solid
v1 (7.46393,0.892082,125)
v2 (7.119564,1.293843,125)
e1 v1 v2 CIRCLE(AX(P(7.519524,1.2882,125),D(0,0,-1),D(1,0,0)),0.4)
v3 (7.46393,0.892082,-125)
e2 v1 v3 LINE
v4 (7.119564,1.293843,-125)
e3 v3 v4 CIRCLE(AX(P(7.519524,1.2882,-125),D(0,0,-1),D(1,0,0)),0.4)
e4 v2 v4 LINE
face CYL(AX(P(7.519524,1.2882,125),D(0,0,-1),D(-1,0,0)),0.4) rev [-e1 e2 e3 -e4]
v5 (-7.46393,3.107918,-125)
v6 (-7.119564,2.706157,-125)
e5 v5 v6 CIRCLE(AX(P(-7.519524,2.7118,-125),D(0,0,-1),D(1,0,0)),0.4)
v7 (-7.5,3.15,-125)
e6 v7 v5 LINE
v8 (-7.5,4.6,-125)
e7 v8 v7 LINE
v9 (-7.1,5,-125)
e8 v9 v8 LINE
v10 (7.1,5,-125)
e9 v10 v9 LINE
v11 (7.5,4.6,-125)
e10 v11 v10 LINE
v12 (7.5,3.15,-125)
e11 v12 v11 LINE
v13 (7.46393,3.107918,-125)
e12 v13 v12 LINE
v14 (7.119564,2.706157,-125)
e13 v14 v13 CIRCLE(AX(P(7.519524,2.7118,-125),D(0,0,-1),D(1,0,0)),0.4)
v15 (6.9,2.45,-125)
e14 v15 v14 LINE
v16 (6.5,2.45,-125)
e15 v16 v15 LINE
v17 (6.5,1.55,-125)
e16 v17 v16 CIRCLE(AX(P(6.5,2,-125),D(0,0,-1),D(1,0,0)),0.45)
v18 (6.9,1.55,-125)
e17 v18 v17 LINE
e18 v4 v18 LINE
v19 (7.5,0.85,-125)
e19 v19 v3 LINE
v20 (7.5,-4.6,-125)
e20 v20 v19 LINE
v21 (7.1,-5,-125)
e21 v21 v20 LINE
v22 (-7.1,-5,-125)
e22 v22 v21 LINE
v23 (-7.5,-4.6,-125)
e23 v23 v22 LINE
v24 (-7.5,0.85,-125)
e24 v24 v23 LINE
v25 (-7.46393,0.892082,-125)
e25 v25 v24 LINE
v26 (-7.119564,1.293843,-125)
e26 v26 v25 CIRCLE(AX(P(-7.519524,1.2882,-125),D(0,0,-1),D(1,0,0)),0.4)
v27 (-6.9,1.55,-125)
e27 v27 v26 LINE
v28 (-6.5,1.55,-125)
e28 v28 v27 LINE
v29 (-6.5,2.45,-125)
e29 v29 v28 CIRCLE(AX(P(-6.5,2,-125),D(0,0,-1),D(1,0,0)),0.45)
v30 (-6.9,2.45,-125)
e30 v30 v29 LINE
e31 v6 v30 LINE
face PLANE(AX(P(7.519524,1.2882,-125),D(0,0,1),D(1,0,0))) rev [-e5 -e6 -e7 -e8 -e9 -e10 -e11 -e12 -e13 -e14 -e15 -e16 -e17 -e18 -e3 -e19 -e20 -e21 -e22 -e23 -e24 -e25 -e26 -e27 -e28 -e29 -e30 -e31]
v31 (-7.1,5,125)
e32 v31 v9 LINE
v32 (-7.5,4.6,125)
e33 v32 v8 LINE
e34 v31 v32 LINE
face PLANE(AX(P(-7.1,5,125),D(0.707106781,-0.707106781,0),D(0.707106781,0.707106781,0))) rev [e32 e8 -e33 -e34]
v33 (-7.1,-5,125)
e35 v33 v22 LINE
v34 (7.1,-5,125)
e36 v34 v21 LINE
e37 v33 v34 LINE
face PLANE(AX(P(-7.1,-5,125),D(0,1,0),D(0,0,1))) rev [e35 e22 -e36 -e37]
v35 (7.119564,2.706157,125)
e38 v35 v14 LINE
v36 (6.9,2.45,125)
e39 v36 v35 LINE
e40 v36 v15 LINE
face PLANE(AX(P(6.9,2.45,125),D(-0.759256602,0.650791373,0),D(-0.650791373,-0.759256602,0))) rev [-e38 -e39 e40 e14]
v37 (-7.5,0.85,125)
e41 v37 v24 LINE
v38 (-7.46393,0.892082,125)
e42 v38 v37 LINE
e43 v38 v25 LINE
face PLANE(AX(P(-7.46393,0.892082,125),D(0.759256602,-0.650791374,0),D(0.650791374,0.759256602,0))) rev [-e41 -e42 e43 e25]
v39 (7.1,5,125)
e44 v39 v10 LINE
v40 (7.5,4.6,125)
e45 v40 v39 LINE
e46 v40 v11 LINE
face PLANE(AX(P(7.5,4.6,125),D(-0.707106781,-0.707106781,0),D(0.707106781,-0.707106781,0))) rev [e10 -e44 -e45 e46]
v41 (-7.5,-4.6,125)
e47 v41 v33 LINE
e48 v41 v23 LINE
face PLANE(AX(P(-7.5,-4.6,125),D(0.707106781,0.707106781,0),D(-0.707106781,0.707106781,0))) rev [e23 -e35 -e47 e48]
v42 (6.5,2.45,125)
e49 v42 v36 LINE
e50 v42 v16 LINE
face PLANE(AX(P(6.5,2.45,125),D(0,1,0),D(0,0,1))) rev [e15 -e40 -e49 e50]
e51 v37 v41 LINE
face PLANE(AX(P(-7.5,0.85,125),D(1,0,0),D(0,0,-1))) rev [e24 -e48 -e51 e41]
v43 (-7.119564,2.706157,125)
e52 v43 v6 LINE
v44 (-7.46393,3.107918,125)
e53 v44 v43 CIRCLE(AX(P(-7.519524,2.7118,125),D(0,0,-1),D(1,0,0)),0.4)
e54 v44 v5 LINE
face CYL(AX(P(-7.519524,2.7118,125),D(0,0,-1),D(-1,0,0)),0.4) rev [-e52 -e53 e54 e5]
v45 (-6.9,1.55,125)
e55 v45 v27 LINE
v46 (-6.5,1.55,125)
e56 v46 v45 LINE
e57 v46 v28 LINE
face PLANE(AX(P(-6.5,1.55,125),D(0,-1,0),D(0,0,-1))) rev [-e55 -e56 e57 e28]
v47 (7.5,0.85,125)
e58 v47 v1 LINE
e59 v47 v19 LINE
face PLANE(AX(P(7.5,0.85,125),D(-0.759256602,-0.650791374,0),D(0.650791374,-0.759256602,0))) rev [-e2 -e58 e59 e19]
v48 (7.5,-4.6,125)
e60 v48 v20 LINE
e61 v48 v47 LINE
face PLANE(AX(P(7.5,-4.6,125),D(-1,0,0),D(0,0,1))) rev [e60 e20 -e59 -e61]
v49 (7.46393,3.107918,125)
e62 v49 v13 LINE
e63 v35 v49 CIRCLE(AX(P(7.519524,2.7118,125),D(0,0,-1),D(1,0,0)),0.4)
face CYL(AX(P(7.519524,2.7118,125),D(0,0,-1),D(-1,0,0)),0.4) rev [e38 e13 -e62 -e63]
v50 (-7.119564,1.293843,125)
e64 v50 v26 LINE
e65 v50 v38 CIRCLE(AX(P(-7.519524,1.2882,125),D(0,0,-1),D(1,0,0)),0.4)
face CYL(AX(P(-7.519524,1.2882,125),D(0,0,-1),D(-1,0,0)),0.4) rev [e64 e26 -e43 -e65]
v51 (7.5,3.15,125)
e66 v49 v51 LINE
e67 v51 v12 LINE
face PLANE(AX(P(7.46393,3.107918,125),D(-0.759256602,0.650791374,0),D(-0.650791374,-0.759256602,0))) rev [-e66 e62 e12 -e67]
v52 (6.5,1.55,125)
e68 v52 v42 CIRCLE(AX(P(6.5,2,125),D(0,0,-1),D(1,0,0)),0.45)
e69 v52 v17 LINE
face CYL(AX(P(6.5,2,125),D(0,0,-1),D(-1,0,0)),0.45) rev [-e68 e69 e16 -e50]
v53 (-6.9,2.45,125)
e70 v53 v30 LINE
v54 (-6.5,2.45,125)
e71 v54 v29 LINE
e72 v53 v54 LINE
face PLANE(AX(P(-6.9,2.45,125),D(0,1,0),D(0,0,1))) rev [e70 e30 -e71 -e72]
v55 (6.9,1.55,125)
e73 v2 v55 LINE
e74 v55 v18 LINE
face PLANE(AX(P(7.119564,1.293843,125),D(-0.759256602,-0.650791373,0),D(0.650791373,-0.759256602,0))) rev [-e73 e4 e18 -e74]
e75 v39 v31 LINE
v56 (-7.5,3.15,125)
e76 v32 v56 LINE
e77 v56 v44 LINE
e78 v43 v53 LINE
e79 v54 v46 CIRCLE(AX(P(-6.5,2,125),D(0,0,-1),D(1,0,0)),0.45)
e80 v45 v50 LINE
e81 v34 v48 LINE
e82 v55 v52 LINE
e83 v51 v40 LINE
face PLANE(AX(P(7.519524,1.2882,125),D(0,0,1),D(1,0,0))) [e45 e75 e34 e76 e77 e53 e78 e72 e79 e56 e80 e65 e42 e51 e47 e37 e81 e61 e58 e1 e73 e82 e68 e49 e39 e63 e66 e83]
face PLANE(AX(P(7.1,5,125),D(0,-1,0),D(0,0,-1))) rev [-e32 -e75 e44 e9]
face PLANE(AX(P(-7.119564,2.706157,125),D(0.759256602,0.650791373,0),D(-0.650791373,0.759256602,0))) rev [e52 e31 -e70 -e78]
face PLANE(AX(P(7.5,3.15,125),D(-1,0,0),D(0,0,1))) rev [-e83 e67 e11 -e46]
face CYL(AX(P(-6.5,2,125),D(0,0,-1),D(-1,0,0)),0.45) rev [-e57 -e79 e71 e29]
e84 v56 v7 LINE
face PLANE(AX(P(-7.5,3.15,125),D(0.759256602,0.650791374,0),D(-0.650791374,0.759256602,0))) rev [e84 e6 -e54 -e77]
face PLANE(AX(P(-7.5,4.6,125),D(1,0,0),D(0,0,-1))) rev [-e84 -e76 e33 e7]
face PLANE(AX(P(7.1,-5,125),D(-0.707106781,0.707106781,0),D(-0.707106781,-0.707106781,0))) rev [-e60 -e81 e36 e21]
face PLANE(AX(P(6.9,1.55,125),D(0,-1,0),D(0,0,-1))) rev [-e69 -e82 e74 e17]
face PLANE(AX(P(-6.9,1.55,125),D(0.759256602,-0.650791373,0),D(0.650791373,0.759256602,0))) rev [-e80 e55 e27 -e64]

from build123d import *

# Parameters (mm, degrees)
EXTRUDE_276_DEPTH = 125


with BuildPart() as part:
    # Model → Extrude 276 (new, symmetric)
    with BuildSketch(Plane.XY):
        with BuildLine():
            Line((-7.1, -5), (7.1, -5))
            Line((7.1, -5), (7.5, -4.6))
            Line((7.5, -4.6), (7.5, 0.85))
            Line((7.5, 0.85), (7.463929973, 0.892081698))
            ThreePointArc((7.463929973, 0.892081698), (7.2158211, 1.027882975), (7.119563548, 1.293842528))
            Line((7.119563548, 1.293842528), (6.9, 1.55))
            Line((6.9, 1.55), (6.5, 1.55))
            ThreePointArc((6.5, 1.55), (6.05, 2), (6.5, 2.45))
            Line((6.5, 2.45), (6.9, 2.45))
            Line((6.9, 2.45), (7.119563548, 2.706157472))
            ThreePointArc((7.119563548, 2.706157472), (7.2158211, 2.972117025), (7.463929973, 3.107918302))
            Line((7.463929973, 3.107918302), (7.5, 3.15))
            Line((7.5, 3.15), (7.5, 4.6))
            Line((7.5, 4.6), (7.1, 5))
            Line((7.1, 5), (-7.1, 5))
            Line((-7.1, 5), (-7.5, 4.6))
            Line((-7.5, 4.6), (-7.5, 3.15))
            Line((-7.5, 3.15), (-7.463929973, 3.107918302))
            ThreePointArc((-7.463929973, 3.107918302), (-7.2158211, 2.972117025), (-7.119563548, 2.706157472))
            Line((-7.119563548, 2.706157472), (-6.9, 2.45))
            Line((-6.9, 2.45), (-6.5, 2.45))
            ThreePointArc((-6.5, 2.45), (-6.05, 2), (-6.5, 1.55))
            Line((-6.5, 1.55), (-6.9, 1.55))
            Line((-6.9, 1.55), (-7.119563548, 1.293842528))
            ThreePointArc((-7.119563548, 1.293842528), (-7.2158211, 1.027882975), (-7.463929973, 0.892081698))
            Line((-7.463929973, 0.892081698), (-7.5, 0.85))
            Line((-7.5, 0.85), (-7.5, -4.6))
            Line((-7.5, -4.6), (-7.1, -5))
        make_face()
    extrude(amount=EXTRUDE_276_DEPTH, both=True)


solid = part.part
